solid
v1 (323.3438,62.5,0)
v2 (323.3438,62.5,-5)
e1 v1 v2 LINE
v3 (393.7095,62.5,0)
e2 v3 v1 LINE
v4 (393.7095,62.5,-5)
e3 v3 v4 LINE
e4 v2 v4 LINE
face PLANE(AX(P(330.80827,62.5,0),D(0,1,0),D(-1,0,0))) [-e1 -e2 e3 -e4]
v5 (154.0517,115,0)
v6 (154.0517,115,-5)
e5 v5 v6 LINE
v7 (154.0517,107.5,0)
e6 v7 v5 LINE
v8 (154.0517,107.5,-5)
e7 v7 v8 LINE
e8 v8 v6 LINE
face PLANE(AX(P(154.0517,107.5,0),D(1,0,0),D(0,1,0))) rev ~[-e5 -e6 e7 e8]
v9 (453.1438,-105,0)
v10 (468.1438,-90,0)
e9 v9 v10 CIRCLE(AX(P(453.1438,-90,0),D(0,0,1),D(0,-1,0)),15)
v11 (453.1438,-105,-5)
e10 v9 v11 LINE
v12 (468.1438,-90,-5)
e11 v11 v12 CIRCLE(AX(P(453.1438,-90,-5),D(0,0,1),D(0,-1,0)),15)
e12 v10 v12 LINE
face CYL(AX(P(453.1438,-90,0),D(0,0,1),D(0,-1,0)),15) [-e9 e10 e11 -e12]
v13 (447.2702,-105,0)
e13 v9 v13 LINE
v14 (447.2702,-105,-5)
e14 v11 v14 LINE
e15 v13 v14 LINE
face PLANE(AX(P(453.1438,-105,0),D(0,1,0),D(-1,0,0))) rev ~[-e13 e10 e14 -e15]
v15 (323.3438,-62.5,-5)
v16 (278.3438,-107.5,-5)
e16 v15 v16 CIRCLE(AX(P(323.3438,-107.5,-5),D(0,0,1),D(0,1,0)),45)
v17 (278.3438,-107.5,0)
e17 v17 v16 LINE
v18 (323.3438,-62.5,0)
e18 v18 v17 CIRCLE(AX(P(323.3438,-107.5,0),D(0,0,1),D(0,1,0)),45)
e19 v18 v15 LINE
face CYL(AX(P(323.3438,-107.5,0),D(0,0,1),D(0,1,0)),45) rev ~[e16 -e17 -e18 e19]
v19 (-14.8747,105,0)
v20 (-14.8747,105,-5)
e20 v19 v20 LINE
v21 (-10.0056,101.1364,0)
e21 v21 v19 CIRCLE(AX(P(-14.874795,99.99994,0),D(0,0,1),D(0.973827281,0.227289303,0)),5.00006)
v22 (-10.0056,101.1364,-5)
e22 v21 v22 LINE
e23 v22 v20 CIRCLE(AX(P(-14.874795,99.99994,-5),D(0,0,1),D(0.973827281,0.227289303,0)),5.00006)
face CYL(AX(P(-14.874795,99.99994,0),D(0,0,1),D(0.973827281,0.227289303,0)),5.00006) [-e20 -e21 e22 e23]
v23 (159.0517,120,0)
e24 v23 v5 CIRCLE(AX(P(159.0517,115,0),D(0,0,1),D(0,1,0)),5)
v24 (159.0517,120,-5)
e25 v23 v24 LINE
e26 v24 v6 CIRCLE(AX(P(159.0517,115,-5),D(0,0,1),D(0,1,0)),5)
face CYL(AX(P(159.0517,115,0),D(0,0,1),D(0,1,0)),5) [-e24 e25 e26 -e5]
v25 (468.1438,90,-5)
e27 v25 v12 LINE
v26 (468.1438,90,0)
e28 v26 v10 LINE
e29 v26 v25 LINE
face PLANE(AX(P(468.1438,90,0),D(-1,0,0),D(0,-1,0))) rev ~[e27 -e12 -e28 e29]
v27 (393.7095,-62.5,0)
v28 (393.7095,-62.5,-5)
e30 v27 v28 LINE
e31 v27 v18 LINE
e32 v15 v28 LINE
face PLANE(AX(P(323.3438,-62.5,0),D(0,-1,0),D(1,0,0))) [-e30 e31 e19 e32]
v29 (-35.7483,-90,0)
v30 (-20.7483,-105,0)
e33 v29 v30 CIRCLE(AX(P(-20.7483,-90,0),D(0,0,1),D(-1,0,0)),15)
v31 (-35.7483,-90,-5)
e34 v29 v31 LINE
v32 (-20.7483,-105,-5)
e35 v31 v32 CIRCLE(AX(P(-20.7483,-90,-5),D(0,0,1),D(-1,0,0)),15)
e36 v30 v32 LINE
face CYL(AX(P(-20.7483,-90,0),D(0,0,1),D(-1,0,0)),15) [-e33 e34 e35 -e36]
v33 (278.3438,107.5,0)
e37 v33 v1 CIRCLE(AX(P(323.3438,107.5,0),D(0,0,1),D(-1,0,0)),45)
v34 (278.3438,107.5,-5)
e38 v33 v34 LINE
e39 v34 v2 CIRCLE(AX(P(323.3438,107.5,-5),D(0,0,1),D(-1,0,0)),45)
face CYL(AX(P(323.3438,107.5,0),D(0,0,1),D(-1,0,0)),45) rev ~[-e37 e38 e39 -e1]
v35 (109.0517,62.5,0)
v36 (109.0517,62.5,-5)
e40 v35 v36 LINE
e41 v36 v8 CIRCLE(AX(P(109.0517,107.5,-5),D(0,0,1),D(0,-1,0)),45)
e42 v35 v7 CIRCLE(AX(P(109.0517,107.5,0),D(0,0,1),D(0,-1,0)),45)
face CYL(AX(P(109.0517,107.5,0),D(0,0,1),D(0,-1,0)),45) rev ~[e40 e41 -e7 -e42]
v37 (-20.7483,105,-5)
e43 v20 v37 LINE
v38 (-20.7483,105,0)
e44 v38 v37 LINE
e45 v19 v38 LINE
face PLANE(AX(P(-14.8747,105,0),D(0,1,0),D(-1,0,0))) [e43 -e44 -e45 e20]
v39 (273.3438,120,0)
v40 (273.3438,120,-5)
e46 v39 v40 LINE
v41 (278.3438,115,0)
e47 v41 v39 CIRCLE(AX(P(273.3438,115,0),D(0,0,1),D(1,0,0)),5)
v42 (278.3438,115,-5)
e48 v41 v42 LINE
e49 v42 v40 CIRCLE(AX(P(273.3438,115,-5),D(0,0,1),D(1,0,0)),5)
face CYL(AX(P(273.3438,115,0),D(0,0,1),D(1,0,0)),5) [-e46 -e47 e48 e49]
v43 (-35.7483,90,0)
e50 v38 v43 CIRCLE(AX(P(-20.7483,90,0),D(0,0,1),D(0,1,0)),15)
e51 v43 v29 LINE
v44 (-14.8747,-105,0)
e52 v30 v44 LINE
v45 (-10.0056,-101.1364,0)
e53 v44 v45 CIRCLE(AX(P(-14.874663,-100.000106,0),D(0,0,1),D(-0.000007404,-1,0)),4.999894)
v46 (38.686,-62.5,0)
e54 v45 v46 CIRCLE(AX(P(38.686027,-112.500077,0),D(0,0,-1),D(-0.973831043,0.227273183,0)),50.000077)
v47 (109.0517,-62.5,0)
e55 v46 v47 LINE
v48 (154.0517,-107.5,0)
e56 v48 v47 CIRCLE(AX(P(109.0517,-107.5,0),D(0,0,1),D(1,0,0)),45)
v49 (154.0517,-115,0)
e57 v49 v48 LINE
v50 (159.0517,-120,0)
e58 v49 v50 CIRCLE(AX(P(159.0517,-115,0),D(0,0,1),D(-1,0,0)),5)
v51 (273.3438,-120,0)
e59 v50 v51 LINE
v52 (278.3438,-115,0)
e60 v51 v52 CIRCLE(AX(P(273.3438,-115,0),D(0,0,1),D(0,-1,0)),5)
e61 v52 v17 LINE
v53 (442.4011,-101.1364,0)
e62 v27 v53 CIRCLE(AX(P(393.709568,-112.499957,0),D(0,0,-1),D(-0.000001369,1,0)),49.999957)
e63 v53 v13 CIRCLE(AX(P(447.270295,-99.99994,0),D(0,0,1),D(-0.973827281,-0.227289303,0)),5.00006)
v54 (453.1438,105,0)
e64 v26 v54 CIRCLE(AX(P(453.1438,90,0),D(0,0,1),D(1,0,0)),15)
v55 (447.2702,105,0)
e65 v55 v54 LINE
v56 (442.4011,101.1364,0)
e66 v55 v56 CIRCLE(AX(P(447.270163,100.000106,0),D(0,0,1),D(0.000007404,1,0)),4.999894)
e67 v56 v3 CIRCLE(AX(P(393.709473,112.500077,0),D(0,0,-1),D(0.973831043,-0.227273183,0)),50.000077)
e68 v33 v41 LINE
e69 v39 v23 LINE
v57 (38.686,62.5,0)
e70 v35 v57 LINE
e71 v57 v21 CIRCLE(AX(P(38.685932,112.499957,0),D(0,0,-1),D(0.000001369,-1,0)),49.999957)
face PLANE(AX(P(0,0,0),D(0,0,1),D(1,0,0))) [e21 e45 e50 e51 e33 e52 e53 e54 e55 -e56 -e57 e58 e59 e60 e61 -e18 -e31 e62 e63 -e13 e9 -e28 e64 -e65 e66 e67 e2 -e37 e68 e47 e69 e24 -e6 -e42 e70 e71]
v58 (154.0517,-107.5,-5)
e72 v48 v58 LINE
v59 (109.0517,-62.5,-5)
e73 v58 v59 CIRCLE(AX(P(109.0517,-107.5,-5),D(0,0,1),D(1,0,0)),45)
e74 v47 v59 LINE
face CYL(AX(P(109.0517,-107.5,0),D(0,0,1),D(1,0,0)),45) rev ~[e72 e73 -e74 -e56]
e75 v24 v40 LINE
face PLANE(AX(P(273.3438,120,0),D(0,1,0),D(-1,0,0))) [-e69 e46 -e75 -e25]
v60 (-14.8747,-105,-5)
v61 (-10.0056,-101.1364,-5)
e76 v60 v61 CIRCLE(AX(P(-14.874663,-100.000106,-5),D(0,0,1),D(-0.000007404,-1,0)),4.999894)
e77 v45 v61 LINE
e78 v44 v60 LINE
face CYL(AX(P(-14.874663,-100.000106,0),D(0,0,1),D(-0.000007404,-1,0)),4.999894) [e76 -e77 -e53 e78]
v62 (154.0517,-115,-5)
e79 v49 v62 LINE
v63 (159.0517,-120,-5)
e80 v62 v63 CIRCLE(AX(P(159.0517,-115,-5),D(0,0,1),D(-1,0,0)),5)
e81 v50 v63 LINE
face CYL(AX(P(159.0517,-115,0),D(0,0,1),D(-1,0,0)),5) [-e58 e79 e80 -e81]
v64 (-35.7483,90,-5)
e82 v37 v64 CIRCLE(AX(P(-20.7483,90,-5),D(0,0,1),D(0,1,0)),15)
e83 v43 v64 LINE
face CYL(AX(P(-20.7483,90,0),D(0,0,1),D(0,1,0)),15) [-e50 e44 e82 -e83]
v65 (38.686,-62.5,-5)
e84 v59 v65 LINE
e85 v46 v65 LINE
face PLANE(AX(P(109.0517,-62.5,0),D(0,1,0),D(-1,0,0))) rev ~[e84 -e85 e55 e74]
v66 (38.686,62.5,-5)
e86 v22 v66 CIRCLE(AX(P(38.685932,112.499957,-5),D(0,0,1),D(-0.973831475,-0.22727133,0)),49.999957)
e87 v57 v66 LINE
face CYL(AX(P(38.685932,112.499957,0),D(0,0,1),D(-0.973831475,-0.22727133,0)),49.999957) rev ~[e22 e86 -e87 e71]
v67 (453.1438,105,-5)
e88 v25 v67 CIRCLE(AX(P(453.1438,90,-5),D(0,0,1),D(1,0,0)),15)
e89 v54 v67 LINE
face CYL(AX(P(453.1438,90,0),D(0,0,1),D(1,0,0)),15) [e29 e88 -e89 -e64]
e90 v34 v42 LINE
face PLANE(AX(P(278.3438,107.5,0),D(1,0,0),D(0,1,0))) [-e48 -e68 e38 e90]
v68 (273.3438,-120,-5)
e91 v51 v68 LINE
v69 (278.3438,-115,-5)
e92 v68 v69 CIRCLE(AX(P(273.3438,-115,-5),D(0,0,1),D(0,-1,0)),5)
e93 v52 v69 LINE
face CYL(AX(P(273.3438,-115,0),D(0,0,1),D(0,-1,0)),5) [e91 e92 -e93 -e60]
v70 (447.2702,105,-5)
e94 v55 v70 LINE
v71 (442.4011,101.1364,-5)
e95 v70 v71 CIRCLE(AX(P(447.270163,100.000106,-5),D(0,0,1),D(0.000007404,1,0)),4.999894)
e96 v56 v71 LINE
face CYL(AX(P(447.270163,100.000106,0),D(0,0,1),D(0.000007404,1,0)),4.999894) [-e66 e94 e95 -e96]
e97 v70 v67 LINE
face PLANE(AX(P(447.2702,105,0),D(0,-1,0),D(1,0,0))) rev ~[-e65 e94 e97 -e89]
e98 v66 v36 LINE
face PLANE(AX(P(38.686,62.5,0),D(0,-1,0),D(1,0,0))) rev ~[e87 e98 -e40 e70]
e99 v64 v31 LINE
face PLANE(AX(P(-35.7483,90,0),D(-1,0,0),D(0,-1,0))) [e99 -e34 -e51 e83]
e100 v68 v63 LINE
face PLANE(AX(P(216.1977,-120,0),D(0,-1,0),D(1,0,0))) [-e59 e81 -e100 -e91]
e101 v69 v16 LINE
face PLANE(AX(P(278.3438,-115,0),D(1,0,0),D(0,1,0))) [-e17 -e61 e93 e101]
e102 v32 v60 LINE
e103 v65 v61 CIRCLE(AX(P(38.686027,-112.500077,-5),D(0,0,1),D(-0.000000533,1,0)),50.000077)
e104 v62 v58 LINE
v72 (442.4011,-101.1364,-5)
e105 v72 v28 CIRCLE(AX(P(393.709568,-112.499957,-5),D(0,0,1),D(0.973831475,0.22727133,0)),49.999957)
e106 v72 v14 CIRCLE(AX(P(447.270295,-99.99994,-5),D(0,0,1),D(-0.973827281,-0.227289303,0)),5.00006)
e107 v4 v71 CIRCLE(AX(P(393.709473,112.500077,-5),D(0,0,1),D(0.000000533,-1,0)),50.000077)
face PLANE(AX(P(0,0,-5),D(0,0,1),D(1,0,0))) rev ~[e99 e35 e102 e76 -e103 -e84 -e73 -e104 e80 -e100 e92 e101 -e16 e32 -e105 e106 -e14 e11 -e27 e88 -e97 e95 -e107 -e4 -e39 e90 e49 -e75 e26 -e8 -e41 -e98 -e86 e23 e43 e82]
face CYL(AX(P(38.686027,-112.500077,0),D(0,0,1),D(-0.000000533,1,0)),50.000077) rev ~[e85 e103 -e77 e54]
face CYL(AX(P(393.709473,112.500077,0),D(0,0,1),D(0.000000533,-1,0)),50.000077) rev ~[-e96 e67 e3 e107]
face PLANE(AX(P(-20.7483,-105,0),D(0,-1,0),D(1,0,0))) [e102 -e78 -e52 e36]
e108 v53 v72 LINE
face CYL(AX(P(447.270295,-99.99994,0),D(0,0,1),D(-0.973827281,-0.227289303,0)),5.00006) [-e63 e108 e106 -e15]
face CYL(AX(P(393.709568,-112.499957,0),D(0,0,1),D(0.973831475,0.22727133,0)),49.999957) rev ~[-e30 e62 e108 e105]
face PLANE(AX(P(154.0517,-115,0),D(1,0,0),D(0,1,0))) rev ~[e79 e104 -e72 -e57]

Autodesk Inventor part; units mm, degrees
ref_plane "YZ Plane" through (0, 0, 0) normal (1, 0, 0) x (0, 1, 0)
ref_plane "XZ Plane" through (0, 0, 0) normal (0, 1, 0) x (-1, 0, 0)
ref_plane "XY Plane" through (0, 0, 0) normal (0, 0, 1) x (1, 0, 0)
sketch "Sketch1" plane through (0, 0, 0) normal (0, 0, 1) x (1, 0, 0)
  line L0 (323.3438, -62.5) -> (393.7095, -62.5) projected
  arc A0 (323.3438, -62.5) -> (278.3438, -107.5) centre (323.3438, -107.5) ccw projected
  line L1 (278.3438, -115) -> (278.3438, -107.5) projected
  arc A1 (273.3438, -120) -> (278.3438, -115) centre (273.3438, -115) ccw projected
  line L2 (149.8438, -120) -> (273.3438, -120) projected
  arc A2 (442.4011, -101.1364) -> (393.7095, -62.5) centre (393.7095, -112.5) ccw projected
  arc A3 (442.4011, -101.1364) -> (447.2702, -105) centre (447.2702, -100) ccw projected
  line L3 (453.1438, -105) -> (447.2702, -105) projected
  arc A4 (453.1438, -105) -> (468.1438, -90) centre (453.1438, -90) ccw projected
  line L4 (468.1438, 90) -> (468.1438, -90) projected
  arc A5 (468.1438, 90) -> (453.1438, 105) centre (453.1438, 90) ccw projected
  line L5 (447.2702, 105) -> (453.1438, 105) projected
  arc A6 (447.2702, 105) -> (442.4011, 101.1364) centre (447.2702, 100) ccw projected
  arc A7 (393.7095, 62.5) -> (442.4011, 101.1364) centre (393.7095, 112.5) ccw projected
  line L6 (393.7095, 62.5) -> (323.3438, 62.5) projected
  arc A8 (278.3438, 107.5) -> (323.3438, 62.5) centre (323.3438, 107.5) ccw projected
  line L7 (278.3438, 107.5) -> (278.3438, 115) projected
  arc A9 (278.3438, 115) -> (273.3438, 120) centre (273.3438, 115) ccw projected
  line L8 (273.3438, 120) -> (149.8438, 120) projected
  arc A10 (149.8438, 120) -> (144.8438, 115) centre (149.8438, 115) ccw projected
  line L9 (144.8438, 115) -> (144.8438, 107.5) projected
  arc A11 (124.8438, 87.5) -> (144.8438, 107.5) centre (124.8438, 107.5) ccw projected
  line L10 (106.6438, 87.5) -> (124.8438, 87.5) projected
  arc A12 (106.6438, 87.5) -> (101.6438, 82.5) centre (106.6438, 82.5) ccw projected
  line L11 (101.6438, 82.5) -> (101.6438, 63.25) projected
  arc A13 (96.6438, 58.25) -> (101.6438, 63.25) centre (96.6438, 63.25) ccw projected
  line L12 (91.6516, 58.25) -> (96.6438, 58.25) projected
  arc A14 (91.6516, 58.25) -> (85.6702, 54.8864) centre (91.6516, 51.25) ccw projected
  arc A15 (62.0674, 54.8864) -> (85.6702, 54.8864) centre (73.8688, 62.0613) ccw projected
  arc A16 (62.0674, 54.8864) -> (56.0861, 58.25) centre (56.0861, 51.25) ccw projected
  line L13 (56.0861, 58.25) -> (45.5938, 58.25) projected
  arc A17 (40.5938, 63.25) -> (45.5938, 58.25) centre (45.5938, 63.25) ccw projected
  line L14 (40.5938, 82.5) -> (40.5938, 63.25) projected
  arc A18 (40.5938, 82.5) -> (35.5938, 87.5) centre (35.5938, 82.5) ccw projected
  line L15 (10.1649, 87.5) -> (35.5938, 87.5) projected
  arc A19 (10.1649, 87.5) -> (5.2408, 83.3682) centre (10.1649, 82.5) ccw projected
  line L16 (-2.4062, 40) -> (5.2408, 83.3682) projected
  line L17 (-2.4062, -40) -> (-2.4062, 40) projected
  line L18 (-2.4062, -40) -> (5.2408, -83.3682) projected
  arc A20 (5.2408, -83.3682) -> (10.1649, -87.5) centre (10.1649, -82.5) ccw projected
  line L19 (35.5938, -87.5) -> (10.1649, -87.5) projected
  arc A21 (35.5938, -87.5) -> (40.5938, -82.5) centre (35.5938, -82.5) ccw projected
  line L20 (40.5938, -63.25) -> (40.5938, -82.5) projected
  arc A22 (45.5938, -58.25) -> (40.5938, -63.25) centre (45.5938, -63.25) ccw projected
  line L21 (56.0861, -58.25) -> (45.5938, -58.25) projected
  arc A23 (56.0861, -58.25) -> (62.0674, -54.8864) centre (56.0861, -51.25) ccw projected
  arc A24 (85.6702, -54.8864) -> (62.0674, -54.8864) centre (73.8688, -62.0613) ccw projected
  arc A25 (85.6702, -54.8864) -> (91.6516, -58.25) centre (91.6516, -51.25) ccw projected
  line L22 (91.6516, -58.25) -> (96.6438, -58.25) projected
  arc A26 (101.6438, -63.25) -> (96.6438, -58.25) centre (96.6438, -63.25) ccw projected
  line L23 (101.6438, -82.5) -> (101.6438, -63.25) projected
  arc A27 (101.6438, -82.5) -> (106.6438, -87.5) centre (106.6438, -82.5) ccw projected
  line L24 (106.6438, -87.5) -> (124.8438, -87.5) projected
  arc A28 (144.8438, -107.5) -> (124.8438, -87.5) centre (124.8438, -107.5) ccw projected
  line L25 (144.8438, -115) -> (144.8438, -107.5) projected
  arc A29 (144.8438, -115) -> (149.8438, -120) centre (149.8438, -115) ccw projected
  line L26 (216.1977, -168) -> (216.1977, 168)
  line L27 (109.0517, -62.5) -> (38.686, -62.5)
  arc A30 (154.0517, -107.5) -> (109.0517, -62.5) centre (109.0517, -107.5) ccw
  line L28 (154.0517, -115) -> (154.0517, -107.5)
  arc A31 (154.0517, -115) -> (159.0517, -120) centre (159.0517, -115) ccw
  line L29 (282.5517, -120) -> (159.0517, -120)
  arc A32 (38.686, -62.5) -> (-10.0056, -101.1364) centre (38.686, -112.5) ccw
  arc A33 (-14.8747, -105) -> (-10.0056, -101.1364) centre (-14.8747, -100) ccw
  line L30 (-20.7483, -105) -> (-14.8747, -105)
  arc A34 (-35.7483, -90) -> (-20.7483, -105) centre (-20.7483, -90) ccw
  line L31 (-35.7483, 90) -> (-35.7483, -90)
  arc A35 (-20.7483, 105) -> (-35.7483, 90) centre (-20.7483, 90) ccw
  line L32 (-14.8747, 105) -> (-20.7483, 105)
  arc A36 (-10.0056, 101.1364) -> (-14.8747, 105) centre (-14.8747, 100) ccw
  arc A37 (-10.0056, 101.1364) -> (38.686, 62.5) centre (38.686, 112.5) ccw
  line L33 (38.686, 62.5) -> (109.0517, 62.5)
  arc A38 (109.0517, 62.5) -> (154.0517, 107.5) centre (109.0517, 107.5) ccw
  line L34 (154.0517, 107.5) -> (154.0517, 115)
  arc A39 (159.0517, 120) -> (154.0517, 115) centre (159.0517, 115) ccw
  line L35 (159.0517, 120) -> (282.5517, 120)
  arc A40 (287.5517, 115) -> (282.5517, 120) centre (282.5517, 115) ccw
  line L36 (287.5517, 115) -> (287.5517, 107.5)
  arc A41 (287.5517, 107.5) -> (307.5517, 87.5) centre (307.5517, 107.5) ccw
  line L37 (325.7517, 87.5) -> (307.5517, 87.5)
  arc A42 (330.7517, 82.5) -> (325.7517, 87.5) centre (325.7517, 82.5) ccw
  line L38 (330.7517, 82.5) -> (330.7517, 63.25)
  arc A43 (330.7517, 63.25) -> (335.7517, 58.25) centre (335.7517, 63.25) ccw
  line L39 (340.7439, 58.25) -> (335.7517, 58.25)
  arc A44 (346.7253, 54.8864) -> (340.7439, 58.25) centre (340.7439, 51.25) ccw
  arc A45 (346.7253, 54.8864) -> (370.3281, 54.8864) centre (358.5267, 62.0613) ccw
  arc A46 (376.3094, 58.25) -> (370.3281, 54.8864) centre (376.3094, 51.25) ccw
  line L40 (376.3094, 58.25) -> (386.8017, 58.25)
  arc A47 (386.8017, 58.25) -> (391.8017, 63.25) centre (386.8017, 63.25) ccw
  line L41 (391.8017, 82.5) -> (391.8017, 63.25)
  arc A48 (396.8017, 87.5) -> (391.8017, 82.5) centre (396.8017, 82.5) ccw
  line L42 (422.2306, 87.5) -> (396.8017, 87.5)
  arc A49 (427.1547, 83.3682) -> (422.2306, 87.5) centre (422.2306, 82.5) ccw
  line L43 (434.8017, 40) -> (427.1547, 83.3682)
  line L44 (434.8017, -40) -> (434.8017, 40)
  line L45 (434.8017, -40) -> (427.1547, -83.3682)
  arc A50 (422.2306, -87.5) -> (427.1547, -83.3682) centre (422.2306, -82.5) ccw
  line L46 (396.8017, -87.5) -> (422.2306, -87.5)
  arc A51 (391.8017, -82.5) -> (396.8017, -87.5) centre (396.8017, -82.5) ccw
  line L47 (391.8017, -63.25) -> (391.8017, -82.5)
  arc A52 (391.8017, -63.25) -> (386.8017, -58.25) centre (386.8017, -63.25) ccw
  line L48 (376.3094, -58.25) -> (386.8017, -58.25)
  arc A53 (370.3281, -54.8864) -> (376.3094, -58.25) centre (376.3094, -51.25) ccw
  arc A54 (370.3281, -54.8864) -> (346.7253, -54.8864) centre (358.5267, -62.0613) ccw
  arc A55 (340.7439, -58.25) -> (346.7253, -54.8864) centre (340.7439, -51.25) ccw
  line L49 (340.7439, -58.25) -> (335.7517, -58.25)
  arc A56 (335.7517, -58.25) -> (330.7517, -63.25) centre (335.7517, -63.25) ccw
  line L50 (330.7517, -82.5) -> (330.7517, -63.25)
  arc A57 (325.7517, -87.5) -> (330.7517, -82.5) centre (325.7517, -82.5) ccw
  line L51 (325.7517, -87.5) -> (307.5517, -87.5)
  arc A58 (307.5517, -87.5) -> (287.5517, -107.5) centre (307.5517, -107.5) ccw
  line L52 (287.5517, -115) -> (287.5517, -107.5)
  arc A59 (282.5517, -120) -> (287.5517, -115) centre (282.5517, -115) ccw
  point P0 (0, 0)
  point P1 (432.3955, 0)
extrude "Extrusion1" add sketch "Sketch1" against normal blind 5 contours A0 L1 A1 L2 L26 L8 A9 L7 A8 L6 A43 L39 A44 A45 A46 L40 A47 A7 L43 L44 L45 A2 L0 A52 L48 A53 A54 A55 L49 A56 | A56 L49 A55 A54 A53 L48 A52 L0 | L45 L44 L43 A7 A6 L5 A5 L4 A4 L3 A3 A2 | L2 A31 L28 A30 L27 A26 L22 A25 A24 A23 L21 A22 A32 L18 L17 L16 A37 L33 A17 L13 A16 A15 A14 L12 A13 A38 L34 A39 L8 L26 | A47 L40 A46 A45 A44 L39 A43 L6 | L27 A22 L21 A23 A24 A25 L22 A26 | A13 L12 A14 A15 A16 L13 A17 L33 | A32 A33 L30 A34 L31 A35 L32 A36 A37 L16 L17 L18
properties part number "my_base"
